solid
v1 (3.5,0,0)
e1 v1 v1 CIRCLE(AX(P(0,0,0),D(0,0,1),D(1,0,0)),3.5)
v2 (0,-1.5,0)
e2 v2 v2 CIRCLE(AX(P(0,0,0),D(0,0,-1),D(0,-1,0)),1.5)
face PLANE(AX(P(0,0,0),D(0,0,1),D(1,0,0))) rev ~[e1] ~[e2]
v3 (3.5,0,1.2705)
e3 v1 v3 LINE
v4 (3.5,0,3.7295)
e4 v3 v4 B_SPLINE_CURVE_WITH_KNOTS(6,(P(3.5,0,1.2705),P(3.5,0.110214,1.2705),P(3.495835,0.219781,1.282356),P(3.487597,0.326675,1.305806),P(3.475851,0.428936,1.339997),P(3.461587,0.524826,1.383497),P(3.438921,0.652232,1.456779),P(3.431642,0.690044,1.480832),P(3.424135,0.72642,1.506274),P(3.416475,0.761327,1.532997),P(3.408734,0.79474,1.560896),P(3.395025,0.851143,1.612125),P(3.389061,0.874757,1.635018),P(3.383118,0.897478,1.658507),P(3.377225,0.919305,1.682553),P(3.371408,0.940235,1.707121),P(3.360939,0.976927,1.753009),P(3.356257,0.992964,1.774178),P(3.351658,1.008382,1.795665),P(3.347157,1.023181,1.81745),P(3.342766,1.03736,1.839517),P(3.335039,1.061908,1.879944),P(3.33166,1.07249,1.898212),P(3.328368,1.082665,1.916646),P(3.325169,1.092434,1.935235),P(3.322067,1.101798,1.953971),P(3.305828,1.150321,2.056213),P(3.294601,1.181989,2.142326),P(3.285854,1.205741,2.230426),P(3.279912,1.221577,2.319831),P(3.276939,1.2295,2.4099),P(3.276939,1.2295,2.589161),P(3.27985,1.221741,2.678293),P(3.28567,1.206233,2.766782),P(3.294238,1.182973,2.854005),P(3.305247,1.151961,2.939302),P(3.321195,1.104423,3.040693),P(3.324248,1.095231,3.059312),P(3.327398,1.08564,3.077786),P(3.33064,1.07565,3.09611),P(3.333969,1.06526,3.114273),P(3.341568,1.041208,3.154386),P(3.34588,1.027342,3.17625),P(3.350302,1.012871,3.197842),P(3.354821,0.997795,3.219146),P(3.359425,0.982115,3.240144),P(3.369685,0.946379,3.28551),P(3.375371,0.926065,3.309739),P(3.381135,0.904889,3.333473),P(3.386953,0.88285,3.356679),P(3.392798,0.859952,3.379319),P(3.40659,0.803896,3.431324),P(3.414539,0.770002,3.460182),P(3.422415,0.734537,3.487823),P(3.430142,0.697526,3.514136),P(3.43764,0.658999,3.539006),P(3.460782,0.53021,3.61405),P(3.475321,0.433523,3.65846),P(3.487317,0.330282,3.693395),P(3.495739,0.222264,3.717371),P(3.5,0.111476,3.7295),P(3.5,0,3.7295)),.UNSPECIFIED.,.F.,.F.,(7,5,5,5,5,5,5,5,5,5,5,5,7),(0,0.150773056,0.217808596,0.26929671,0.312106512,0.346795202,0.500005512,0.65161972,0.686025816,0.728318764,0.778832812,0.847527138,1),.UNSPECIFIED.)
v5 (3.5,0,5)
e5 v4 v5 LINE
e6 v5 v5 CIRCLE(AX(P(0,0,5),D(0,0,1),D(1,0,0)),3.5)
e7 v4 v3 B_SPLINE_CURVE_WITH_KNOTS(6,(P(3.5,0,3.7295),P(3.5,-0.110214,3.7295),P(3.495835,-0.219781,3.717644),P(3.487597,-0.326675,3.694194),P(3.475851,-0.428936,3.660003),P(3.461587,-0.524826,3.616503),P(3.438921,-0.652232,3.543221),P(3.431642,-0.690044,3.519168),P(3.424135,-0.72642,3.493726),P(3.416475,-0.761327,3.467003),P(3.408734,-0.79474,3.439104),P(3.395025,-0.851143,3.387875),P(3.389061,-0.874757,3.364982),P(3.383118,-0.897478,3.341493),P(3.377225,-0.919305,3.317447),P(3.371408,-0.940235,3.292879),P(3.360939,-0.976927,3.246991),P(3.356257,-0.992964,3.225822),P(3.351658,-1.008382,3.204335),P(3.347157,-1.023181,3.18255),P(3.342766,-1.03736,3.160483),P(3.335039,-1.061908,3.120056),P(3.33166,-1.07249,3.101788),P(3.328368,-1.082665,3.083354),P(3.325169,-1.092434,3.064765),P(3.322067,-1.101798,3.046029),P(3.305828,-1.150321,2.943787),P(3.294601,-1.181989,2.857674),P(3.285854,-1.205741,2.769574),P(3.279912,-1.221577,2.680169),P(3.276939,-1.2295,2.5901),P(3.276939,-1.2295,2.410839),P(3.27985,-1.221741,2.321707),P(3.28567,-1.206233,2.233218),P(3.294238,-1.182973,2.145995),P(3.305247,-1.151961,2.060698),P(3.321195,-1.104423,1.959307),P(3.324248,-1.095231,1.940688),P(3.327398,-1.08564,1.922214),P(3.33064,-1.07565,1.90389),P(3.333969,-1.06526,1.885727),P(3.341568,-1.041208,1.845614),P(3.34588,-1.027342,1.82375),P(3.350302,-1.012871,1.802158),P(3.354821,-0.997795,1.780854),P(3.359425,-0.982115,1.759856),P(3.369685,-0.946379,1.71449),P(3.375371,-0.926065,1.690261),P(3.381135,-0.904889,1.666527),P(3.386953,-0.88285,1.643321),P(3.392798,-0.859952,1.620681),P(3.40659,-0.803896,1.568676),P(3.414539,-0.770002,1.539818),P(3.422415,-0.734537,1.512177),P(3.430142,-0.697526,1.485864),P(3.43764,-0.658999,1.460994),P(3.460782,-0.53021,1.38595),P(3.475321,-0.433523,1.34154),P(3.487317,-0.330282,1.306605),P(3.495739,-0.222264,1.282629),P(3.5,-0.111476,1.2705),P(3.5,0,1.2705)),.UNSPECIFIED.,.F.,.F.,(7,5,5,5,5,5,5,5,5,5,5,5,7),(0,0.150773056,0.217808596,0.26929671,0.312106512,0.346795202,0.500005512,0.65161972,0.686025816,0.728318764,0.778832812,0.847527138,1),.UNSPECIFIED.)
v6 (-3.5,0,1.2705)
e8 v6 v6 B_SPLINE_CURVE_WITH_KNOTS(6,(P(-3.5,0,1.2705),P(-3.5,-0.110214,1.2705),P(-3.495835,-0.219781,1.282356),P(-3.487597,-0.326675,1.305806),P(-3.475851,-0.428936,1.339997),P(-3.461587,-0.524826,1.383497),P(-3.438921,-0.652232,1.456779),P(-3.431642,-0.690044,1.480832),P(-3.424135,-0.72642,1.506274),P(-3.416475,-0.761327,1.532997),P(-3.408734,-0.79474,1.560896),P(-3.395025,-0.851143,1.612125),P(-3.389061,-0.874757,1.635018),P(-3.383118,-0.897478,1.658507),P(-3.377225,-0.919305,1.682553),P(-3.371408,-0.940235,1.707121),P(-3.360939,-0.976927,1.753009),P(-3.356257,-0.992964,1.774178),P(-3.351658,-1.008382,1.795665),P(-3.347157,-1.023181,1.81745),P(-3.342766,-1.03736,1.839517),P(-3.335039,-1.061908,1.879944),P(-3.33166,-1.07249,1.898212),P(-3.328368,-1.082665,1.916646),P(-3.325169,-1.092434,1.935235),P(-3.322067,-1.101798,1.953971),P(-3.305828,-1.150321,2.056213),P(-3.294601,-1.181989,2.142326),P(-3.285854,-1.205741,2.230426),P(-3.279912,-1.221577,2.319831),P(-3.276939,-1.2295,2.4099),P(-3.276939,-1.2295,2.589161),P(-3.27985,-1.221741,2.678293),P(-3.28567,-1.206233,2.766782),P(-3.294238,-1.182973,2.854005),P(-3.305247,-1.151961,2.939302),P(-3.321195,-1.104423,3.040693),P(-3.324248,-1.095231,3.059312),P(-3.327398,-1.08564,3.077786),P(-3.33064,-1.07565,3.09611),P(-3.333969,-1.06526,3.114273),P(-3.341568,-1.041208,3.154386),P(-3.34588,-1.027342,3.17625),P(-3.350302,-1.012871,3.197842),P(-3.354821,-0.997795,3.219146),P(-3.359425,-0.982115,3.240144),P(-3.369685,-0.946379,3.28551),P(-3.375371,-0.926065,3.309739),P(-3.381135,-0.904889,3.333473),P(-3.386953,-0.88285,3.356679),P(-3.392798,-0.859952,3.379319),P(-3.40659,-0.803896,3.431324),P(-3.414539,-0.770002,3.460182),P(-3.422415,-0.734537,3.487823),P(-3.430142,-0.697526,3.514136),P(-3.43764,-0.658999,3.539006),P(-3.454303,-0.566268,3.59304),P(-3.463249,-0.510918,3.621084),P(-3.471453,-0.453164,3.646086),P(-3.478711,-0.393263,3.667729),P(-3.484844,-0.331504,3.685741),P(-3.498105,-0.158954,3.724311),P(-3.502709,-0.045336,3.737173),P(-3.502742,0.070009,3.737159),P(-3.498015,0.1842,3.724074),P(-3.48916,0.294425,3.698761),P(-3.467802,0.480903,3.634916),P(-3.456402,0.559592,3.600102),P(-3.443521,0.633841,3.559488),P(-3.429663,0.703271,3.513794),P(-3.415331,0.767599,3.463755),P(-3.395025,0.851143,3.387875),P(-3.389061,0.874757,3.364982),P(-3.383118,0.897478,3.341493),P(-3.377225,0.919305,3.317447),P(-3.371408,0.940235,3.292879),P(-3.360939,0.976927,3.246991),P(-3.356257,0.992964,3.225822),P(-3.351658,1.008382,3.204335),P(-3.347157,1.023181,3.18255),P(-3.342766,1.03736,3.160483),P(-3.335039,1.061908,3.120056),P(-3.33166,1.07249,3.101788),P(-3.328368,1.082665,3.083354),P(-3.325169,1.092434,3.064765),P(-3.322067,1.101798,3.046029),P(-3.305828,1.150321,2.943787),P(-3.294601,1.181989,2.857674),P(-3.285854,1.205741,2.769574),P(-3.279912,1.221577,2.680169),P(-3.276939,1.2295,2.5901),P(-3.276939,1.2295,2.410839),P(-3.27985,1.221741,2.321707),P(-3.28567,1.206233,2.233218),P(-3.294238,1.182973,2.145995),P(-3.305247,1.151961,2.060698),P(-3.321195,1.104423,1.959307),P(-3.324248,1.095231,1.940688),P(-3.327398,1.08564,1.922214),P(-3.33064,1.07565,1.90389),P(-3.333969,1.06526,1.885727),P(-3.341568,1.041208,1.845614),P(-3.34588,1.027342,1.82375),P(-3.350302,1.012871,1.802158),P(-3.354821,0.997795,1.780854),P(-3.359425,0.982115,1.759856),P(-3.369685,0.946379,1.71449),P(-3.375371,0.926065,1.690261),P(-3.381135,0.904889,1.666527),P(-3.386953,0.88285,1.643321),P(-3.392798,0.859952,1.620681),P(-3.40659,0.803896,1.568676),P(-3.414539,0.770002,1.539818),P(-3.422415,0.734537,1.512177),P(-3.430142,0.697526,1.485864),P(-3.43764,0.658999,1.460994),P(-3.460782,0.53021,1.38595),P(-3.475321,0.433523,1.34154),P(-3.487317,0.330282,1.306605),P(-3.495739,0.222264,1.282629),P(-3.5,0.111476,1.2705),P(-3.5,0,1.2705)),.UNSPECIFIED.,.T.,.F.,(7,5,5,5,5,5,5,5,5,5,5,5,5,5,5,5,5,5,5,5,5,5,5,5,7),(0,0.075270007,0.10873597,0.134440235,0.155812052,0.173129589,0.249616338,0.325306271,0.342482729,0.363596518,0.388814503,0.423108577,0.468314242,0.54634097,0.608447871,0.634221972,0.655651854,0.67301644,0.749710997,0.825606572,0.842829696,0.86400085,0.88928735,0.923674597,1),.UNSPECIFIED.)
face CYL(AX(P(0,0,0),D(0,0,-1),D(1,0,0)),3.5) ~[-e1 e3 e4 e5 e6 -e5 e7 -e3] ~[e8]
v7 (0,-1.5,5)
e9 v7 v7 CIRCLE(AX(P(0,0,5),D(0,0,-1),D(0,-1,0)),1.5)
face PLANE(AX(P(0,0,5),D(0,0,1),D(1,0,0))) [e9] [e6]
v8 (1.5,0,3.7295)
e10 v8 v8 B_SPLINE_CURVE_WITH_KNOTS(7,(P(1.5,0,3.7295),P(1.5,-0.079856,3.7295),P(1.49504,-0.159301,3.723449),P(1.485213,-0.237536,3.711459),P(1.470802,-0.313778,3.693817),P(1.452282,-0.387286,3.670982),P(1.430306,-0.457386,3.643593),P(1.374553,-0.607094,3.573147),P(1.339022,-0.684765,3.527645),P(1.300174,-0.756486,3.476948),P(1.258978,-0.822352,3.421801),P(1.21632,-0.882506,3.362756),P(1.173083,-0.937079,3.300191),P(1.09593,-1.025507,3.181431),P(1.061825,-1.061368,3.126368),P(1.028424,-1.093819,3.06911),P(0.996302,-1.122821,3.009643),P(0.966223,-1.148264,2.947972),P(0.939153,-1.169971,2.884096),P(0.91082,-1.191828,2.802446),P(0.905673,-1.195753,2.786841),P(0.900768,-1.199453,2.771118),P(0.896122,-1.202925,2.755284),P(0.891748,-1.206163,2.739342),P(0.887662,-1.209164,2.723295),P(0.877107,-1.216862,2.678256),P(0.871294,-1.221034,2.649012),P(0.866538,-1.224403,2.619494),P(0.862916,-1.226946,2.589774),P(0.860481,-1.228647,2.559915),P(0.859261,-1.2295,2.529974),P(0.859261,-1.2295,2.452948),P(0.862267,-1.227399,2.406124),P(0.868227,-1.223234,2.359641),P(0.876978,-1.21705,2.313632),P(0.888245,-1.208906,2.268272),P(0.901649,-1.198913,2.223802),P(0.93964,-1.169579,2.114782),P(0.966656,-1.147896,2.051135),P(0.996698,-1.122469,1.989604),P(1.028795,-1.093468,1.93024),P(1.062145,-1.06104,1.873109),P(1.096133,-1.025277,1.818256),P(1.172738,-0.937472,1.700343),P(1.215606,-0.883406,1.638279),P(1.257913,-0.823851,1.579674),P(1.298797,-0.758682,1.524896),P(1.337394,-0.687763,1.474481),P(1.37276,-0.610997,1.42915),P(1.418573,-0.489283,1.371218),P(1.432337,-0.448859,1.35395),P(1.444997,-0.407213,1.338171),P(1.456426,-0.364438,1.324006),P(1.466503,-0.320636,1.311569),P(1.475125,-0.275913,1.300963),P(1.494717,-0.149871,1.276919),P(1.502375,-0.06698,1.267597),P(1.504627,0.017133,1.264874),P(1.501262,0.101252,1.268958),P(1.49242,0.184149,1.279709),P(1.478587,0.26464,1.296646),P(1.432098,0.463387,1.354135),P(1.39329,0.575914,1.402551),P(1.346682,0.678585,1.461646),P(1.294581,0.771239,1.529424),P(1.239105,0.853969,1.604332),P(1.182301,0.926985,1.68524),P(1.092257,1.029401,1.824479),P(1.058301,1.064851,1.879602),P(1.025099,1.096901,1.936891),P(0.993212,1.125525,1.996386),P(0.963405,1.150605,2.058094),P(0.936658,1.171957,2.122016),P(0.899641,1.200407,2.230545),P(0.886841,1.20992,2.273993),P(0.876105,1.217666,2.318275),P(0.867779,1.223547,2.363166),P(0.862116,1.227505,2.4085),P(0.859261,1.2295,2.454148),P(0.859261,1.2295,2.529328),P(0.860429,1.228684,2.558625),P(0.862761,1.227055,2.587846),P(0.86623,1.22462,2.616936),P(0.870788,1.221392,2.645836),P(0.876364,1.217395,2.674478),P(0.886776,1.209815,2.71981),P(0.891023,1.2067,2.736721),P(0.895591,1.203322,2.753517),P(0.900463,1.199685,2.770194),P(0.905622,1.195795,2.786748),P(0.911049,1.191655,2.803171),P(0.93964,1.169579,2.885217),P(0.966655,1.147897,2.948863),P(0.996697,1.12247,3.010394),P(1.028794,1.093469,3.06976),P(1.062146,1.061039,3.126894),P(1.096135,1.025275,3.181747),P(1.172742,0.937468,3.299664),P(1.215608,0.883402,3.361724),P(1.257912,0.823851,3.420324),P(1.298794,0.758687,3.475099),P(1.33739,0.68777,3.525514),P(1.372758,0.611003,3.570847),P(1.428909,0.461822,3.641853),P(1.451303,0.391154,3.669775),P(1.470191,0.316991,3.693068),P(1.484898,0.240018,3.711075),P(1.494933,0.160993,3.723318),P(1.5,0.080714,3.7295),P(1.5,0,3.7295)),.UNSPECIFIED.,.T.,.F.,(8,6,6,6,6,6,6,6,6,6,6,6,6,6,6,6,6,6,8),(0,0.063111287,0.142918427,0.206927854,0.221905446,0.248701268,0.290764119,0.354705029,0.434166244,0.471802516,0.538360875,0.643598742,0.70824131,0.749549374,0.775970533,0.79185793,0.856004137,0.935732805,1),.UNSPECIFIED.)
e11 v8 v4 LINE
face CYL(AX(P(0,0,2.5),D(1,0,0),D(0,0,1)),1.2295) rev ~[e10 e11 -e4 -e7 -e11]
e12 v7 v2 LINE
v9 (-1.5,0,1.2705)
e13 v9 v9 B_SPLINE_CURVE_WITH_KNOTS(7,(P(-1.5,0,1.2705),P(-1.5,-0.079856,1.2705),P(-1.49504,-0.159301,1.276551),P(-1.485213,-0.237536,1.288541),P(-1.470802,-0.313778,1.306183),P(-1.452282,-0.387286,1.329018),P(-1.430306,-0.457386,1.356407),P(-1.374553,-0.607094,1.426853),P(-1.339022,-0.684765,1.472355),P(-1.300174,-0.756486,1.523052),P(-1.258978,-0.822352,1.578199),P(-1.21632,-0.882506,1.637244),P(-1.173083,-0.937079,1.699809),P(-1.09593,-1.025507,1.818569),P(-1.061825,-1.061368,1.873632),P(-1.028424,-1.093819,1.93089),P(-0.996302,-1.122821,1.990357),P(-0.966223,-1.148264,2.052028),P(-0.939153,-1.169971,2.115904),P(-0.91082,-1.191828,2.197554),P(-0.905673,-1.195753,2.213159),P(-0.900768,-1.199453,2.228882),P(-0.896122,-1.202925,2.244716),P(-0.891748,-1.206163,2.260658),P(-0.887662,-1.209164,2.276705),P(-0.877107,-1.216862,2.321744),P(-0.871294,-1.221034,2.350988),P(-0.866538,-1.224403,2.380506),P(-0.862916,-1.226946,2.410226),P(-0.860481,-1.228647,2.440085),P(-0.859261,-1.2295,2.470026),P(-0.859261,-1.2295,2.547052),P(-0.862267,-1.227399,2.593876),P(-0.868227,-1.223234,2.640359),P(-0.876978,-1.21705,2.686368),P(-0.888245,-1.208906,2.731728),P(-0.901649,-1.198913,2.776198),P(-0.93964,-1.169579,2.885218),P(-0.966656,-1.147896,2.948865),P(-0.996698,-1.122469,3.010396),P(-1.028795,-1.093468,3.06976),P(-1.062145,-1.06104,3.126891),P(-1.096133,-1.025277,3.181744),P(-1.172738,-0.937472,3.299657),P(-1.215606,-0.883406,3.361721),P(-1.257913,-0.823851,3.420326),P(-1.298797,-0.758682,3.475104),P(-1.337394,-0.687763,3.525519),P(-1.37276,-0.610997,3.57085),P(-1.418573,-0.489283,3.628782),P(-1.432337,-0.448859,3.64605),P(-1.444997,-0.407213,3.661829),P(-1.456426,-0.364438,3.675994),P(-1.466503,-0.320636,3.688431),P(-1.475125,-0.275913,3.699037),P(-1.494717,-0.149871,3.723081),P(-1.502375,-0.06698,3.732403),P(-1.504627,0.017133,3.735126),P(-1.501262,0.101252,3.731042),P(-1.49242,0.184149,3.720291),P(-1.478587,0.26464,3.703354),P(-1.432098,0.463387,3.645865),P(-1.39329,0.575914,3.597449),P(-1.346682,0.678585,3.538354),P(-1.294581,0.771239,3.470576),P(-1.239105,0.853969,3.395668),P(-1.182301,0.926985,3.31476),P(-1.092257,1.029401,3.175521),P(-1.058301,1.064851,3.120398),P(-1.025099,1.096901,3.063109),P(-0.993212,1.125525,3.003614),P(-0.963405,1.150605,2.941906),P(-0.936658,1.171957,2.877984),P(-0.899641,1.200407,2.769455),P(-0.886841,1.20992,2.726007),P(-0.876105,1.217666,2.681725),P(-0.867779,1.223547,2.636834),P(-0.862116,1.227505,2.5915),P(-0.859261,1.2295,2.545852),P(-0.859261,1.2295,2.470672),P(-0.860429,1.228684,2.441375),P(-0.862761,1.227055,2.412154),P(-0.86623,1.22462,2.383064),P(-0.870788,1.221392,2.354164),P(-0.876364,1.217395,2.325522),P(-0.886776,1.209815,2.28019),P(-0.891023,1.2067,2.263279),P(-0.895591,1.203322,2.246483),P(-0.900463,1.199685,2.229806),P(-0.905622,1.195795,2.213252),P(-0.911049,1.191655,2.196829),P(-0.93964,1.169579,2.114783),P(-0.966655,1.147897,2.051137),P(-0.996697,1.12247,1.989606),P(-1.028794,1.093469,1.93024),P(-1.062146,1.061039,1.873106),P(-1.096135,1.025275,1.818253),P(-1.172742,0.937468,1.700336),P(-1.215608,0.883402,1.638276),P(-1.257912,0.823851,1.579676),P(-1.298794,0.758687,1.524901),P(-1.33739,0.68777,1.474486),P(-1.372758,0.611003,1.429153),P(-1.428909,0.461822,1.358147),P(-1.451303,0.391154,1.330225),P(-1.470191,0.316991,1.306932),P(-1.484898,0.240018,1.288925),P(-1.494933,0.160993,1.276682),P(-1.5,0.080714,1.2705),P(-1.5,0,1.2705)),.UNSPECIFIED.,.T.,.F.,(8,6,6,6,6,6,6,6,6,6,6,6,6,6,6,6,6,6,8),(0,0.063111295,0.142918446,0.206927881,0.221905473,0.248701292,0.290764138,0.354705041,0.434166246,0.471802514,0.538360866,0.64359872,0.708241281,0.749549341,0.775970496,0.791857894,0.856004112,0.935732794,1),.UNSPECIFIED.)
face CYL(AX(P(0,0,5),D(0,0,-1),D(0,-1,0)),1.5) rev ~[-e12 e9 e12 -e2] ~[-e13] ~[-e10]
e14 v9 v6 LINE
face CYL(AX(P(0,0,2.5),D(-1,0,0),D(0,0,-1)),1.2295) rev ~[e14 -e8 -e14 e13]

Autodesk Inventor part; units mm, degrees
ref_plane "YZ Plane" through (0, 0, 0) normal (1, 0, 0) x (0, 1, 0)
ref_plane "XZ Plane" through (0, 0, 0) normal (0, 1, 0) x (-1, 0, 0)
ref_plane "XY Plane" through (0, 0, 0) normal (0, 0, 1) x (1, 0, 0)
sketch "スケッチ1" plane through (0, 0, 0) normal (0, 0, 1) x (1, 0, 0)
  circle A0 centre (0, 0) radius 3.5
  dimension "d0" = 7
extrude "押し出し1" add sketch "スケッチ1" along normal blind 5
sketch "スケッチ3" plane through (0, 0, 5) normal (0, 0, 1) x (1, 0, 0)
  point P0 (0, 0)
hole "穴2" at (0, 0, 5) direction (0, 0, -1) diameter 3 end through all
sketch "スケッチ4" plane through (0, 0, 0) normal (1, 0, 0) x (0, 1, 0)
  line L0 (1.5, 0) -> (-1.5, 0) projected
  point P0 (0, 0)
  point P1 (0, 2.5)
  dimension "d17" = 2.5
hole "穴3" at (0, 0, 2.5) direction (-1, 0, 0) diameter 2.459 end through all thread size "M3x0.5" class "6H" standard "ISO Metric profile"
sketch "スケッチ5" plane through (0, 0, 0) normal (1, 0, 0) x (0, 1, 0)
  line L0 (1.5, 0) -> (-1.5, 0) projected
  point P0 (0, 0)
  point P1 (0, 2.5)
  dimension "d25" = 2.5
hole "穴4" at (0, 0, 2.5) direction (1, 0, 0) diameter 2.459 end through all thread size "M3x0.5" class "6H" standard "ISO Metric profile"
properties part number "RD014"
